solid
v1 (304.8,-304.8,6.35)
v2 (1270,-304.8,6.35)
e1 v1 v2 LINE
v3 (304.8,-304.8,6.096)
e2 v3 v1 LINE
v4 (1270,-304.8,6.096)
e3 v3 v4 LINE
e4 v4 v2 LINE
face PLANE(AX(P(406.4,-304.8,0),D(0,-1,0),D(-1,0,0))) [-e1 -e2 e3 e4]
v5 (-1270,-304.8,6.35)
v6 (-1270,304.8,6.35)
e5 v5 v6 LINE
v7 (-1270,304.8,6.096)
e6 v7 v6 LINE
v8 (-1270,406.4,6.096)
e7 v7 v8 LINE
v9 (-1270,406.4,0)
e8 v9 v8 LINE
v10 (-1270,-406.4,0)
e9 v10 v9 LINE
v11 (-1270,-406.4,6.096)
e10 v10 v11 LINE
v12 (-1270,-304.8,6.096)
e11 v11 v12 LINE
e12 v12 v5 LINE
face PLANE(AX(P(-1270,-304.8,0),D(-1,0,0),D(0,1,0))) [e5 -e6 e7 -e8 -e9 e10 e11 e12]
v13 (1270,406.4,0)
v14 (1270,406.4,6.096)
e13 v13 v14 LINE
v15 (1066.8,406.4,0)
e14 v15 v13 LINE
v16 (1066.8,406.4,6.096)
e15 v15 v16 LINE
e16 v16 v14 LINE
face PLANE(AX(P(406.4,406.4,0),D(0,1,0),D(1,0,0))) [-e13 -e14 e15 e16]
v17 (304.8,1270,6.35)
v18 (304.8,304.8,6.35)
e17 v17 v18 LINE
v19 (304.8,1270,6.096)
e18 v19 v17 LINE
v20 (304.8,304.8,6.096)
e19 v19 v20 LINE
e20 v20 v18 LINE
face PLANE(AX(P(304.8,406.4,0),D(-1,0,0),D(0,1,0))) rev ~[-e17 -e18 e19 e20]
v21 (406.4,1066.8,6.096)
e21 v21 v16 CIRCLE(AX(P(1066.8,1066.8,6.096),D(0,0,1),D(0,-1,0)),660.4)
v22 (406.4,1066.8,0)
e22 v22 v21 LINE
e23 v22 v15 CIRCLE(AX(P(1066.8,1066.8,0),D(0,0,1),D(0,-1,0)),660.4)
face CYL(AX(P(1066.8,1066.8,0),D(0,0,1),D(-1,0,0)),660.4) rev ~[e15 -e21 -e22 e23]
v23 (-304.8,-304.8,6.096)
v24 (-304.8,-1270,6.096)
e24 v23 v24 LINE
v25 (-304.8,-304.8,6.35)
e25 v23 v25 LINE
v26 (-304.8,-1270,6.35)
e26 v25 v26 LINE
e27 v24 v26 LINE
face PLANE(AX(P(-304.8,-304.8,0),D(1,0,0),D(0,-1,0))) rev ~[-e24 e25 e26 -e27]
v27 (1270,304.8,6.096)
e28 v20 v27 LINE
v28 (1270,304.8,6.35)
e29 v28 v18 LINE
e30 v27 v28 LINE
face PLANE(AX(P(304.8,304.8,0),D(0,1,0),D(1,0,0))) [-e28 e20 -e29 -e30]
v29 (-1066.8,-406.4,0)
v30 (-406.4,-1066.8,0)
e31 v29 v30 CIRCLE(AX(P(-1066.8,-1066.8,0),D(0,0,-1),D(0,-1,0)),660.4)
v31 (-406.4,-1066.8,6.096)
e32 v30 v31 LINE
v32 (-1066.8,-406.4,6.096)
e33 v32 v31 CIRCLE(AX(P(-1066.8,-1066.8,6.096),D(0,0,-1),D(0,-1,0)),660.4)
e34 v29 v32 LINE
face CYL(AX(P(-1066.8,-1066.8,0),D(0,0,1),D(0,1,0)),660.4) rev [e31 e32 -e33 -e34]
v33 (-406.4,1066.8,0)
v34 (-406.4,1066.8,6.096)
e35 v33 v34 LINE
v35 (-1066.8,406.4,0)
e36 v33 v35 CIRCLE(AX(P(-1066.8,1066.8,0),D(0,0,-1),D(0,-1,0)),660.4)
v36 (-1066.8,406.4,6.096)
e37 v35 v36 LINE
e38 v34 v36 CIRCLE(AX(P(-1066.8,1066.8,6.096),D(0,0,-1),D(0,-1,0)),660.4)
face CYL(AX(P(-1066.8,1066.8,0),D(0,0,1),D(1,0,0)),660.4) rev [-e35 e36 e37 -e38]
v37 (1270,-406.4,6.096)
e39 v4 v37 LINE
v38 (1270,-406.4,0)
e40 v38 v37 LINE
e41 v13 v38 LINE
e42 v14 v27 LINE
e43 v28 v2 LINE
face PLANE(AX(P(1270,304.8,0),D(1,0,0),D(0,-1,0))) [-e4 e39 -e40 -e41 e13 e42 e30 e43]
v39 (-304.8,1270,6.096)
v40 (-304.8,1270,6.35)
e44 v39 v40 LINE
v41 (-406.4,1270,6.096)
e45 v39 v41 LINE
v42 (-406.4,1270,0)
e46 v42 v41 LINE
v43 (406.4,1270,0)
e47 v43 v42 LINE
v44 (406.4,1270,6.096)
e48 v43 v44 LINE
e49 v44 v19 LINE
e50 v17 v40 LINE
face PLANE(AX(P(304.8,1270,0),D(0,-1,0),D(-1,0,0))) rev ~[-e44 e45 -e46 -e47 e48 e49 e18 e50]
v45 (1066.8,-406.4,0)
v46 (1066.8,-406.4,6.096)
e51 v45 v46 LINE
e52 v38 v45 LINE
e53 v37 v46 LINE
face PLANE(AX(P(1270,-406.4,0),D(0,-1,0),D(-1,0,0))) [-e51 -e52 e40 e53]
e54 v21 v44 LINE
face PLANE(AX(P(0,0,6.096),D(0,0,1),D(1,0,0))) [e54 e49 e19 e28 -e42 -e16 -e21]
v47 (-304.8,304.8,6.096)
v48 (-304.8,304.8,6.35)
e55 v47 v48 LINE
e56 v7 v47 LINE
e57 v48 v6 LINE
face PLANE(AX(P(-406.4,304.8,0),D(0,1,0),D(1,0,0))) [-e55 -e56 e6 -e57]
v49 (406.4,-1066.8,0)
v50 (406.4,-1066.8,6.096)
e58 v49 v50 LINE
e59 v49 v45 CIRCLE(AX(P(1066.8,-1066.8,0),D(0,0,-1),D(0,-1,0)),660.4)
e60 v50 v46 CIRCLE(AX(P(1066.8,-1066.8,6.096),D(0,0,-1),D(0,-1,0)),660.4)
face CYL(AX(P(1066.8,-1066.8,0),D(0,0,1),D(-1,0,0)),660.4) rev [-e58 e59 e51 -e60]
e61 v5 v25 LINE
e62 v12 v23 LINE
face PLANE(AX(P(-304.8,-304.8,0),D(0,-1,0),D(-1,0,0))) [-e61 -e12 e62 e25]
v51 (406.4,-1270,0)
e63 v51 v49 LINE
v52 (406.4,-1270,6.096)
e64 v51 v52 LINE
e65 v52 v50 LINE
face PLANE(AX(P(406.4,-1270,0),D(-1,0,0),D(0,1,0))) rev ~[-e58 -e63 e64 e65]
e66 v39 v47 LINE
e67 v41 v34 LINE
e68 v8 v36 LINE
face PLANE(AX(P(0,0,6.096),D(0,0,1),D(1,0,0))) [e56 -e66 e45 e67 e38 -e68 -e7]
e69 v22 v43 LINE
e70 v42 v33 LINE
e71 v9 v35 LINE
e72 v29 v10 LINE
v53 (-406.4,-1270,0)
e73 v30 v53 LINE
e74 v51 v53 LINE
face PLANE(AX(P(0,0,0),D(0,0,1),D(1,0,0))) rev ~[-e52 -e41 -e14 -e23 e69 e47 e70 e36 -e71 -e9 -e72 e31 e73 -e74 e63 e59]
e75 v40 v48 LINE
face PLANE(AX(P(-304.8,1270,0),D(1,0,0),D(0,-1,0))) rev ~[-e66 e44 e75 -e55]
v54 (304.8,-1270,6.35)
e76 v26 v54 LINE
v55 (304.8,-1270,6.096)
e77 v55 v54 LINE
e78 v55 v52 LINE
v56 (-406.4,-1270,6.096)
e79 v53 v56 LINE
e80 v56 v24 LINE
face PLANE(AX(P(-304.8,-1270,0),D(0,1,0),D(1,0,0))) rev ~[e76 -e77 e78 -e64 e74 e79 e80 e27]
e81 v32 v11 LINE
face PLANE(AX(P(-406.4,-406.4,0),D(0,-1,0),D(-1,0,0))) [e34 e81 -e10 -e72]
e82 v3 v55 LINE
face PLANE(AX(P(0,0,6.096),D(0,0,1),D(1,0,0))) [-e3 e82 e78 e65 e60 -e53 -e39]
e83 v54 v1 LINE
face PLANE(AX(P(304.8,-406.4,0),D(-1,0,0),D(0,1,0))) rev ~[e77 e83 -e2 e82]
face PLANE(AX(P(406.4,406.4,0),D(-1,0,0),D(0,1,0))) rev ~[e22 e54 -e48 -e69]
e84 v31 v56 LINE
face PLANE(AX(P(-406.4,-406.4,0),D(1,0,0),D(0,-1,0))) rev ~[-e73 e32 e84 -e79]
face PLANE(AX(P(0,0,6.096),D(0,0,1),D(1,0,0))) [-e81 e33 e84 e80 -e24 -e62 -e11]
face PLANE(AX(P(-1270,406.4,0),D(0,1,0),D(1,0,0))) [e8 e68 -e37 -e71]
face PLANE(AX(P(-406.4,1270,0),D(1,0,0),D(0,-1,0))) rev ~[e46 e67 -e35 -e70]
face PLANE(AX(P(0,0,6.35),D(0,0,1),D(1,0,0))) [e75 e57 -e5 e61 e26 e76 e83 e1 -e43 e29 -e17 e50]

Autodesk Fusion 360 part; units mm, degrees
sketch "Sketch1" plane through (0, 0, 0) normal (0, 0, 1) x (1, 0, 0)
  line L0 (406.4, 1270) -> (-406.4, 1270)
  line L1 (-406.4, 1270) -> (-406.4, -1270)
  line L2 (-406.4, -1270) -> (406.4, -1270)
  line L3 (406.4, -1270) -> (406.4, 1270)
  line L4 (406.4, 1270) -> (-406.4, -1270) construction
  line L5 (-406.4, 1270) -> (406.4, -1270) construction
  line L6 (-1270, 406.4) -> (1270, 406.4)
  line L7 (1270, 406.4) -> (1270, -406.4)
  line L8 (1270, -406.4) -> (-1270, -406.4)
  line L9 (-1270, -406.4) -> (-1270, 406.4)
  line L10 (-1270, 406.4) -> (1270, -406.4) construction
  line L11 (1270, 406.4) -> (-1270, -406.4) construction
  line L12 (-1270, 304.8) -> (1270, 304.8)
  line L13 (1270, 304.8) -> (1270, -304.8)
  line L14 (1270, -304.8) -> (-1270, -304.8)
  line L15 (-1270, -304.8) -> (-1270, 304.8)
  line L16 (-1270, 304.8) -> (1270, -304.8) construction
  line L17 (1270, 304.8) -> (-1270, -304.8) construction
  line L18 (304.8, 1270) -> (-304.8, 1270)
  line L19 (-304.8, 1270) -> (-304.8, -1270)
  line L20 (-304.8, -1270) -> (304.8, -1270)
  line L21 (304.8, -1270) -> (304.8, 1270)
  line L22 (304.8, 1270) -> (-304.8, -1270) construction
  line L23 (-304.8, 1270) -> (304.8, -1270) construction
  dimension "d3" = 812.8
  dimension "d4" = 2540
  dimension "d5" = 2540
  dimension "d6" = 609.6
  dimension "d7" = 609.6
extrude "Extrude1" add sketch "Sketch1" along normal blind 6.35 contours L0 L6 L18 L19 L21 | L6 L12 L19 L21 | L3 L7 L12 L13 L14 | L3 L12 L14 L21 | L12 L14 L19 L21 | L1 L12 L14 L19 | L8 L14 L19 L21 | L1 L9 L12 L14 L15 | L2 L8 L19 L20 L21
extrude "Extrude2" add sketch "Sketch1" along normal blind 6.096 contours L0 L3 L6 L21 | L3 L6 L7 L12 | L3 L6 L12 L21 | L0 L1 L6 L19 | L1 L6 L12 L19 | L3 L7 L8 L14 | L3 L8 L14 L21 | L1 L6 L9 L12 | L2 L3 L8 L21 | L1 L8 L14 L19 | L1 L8 L9 L14 | L1 L2 L8 L19
fillet "Fillet1" radius 660.4 4 edges at (-406.4, -406.4, 3.048) (406.4, -406.4, 3.048) (406.4, 406.4, 3.048) (-406.4, 406.4, 3.048)
